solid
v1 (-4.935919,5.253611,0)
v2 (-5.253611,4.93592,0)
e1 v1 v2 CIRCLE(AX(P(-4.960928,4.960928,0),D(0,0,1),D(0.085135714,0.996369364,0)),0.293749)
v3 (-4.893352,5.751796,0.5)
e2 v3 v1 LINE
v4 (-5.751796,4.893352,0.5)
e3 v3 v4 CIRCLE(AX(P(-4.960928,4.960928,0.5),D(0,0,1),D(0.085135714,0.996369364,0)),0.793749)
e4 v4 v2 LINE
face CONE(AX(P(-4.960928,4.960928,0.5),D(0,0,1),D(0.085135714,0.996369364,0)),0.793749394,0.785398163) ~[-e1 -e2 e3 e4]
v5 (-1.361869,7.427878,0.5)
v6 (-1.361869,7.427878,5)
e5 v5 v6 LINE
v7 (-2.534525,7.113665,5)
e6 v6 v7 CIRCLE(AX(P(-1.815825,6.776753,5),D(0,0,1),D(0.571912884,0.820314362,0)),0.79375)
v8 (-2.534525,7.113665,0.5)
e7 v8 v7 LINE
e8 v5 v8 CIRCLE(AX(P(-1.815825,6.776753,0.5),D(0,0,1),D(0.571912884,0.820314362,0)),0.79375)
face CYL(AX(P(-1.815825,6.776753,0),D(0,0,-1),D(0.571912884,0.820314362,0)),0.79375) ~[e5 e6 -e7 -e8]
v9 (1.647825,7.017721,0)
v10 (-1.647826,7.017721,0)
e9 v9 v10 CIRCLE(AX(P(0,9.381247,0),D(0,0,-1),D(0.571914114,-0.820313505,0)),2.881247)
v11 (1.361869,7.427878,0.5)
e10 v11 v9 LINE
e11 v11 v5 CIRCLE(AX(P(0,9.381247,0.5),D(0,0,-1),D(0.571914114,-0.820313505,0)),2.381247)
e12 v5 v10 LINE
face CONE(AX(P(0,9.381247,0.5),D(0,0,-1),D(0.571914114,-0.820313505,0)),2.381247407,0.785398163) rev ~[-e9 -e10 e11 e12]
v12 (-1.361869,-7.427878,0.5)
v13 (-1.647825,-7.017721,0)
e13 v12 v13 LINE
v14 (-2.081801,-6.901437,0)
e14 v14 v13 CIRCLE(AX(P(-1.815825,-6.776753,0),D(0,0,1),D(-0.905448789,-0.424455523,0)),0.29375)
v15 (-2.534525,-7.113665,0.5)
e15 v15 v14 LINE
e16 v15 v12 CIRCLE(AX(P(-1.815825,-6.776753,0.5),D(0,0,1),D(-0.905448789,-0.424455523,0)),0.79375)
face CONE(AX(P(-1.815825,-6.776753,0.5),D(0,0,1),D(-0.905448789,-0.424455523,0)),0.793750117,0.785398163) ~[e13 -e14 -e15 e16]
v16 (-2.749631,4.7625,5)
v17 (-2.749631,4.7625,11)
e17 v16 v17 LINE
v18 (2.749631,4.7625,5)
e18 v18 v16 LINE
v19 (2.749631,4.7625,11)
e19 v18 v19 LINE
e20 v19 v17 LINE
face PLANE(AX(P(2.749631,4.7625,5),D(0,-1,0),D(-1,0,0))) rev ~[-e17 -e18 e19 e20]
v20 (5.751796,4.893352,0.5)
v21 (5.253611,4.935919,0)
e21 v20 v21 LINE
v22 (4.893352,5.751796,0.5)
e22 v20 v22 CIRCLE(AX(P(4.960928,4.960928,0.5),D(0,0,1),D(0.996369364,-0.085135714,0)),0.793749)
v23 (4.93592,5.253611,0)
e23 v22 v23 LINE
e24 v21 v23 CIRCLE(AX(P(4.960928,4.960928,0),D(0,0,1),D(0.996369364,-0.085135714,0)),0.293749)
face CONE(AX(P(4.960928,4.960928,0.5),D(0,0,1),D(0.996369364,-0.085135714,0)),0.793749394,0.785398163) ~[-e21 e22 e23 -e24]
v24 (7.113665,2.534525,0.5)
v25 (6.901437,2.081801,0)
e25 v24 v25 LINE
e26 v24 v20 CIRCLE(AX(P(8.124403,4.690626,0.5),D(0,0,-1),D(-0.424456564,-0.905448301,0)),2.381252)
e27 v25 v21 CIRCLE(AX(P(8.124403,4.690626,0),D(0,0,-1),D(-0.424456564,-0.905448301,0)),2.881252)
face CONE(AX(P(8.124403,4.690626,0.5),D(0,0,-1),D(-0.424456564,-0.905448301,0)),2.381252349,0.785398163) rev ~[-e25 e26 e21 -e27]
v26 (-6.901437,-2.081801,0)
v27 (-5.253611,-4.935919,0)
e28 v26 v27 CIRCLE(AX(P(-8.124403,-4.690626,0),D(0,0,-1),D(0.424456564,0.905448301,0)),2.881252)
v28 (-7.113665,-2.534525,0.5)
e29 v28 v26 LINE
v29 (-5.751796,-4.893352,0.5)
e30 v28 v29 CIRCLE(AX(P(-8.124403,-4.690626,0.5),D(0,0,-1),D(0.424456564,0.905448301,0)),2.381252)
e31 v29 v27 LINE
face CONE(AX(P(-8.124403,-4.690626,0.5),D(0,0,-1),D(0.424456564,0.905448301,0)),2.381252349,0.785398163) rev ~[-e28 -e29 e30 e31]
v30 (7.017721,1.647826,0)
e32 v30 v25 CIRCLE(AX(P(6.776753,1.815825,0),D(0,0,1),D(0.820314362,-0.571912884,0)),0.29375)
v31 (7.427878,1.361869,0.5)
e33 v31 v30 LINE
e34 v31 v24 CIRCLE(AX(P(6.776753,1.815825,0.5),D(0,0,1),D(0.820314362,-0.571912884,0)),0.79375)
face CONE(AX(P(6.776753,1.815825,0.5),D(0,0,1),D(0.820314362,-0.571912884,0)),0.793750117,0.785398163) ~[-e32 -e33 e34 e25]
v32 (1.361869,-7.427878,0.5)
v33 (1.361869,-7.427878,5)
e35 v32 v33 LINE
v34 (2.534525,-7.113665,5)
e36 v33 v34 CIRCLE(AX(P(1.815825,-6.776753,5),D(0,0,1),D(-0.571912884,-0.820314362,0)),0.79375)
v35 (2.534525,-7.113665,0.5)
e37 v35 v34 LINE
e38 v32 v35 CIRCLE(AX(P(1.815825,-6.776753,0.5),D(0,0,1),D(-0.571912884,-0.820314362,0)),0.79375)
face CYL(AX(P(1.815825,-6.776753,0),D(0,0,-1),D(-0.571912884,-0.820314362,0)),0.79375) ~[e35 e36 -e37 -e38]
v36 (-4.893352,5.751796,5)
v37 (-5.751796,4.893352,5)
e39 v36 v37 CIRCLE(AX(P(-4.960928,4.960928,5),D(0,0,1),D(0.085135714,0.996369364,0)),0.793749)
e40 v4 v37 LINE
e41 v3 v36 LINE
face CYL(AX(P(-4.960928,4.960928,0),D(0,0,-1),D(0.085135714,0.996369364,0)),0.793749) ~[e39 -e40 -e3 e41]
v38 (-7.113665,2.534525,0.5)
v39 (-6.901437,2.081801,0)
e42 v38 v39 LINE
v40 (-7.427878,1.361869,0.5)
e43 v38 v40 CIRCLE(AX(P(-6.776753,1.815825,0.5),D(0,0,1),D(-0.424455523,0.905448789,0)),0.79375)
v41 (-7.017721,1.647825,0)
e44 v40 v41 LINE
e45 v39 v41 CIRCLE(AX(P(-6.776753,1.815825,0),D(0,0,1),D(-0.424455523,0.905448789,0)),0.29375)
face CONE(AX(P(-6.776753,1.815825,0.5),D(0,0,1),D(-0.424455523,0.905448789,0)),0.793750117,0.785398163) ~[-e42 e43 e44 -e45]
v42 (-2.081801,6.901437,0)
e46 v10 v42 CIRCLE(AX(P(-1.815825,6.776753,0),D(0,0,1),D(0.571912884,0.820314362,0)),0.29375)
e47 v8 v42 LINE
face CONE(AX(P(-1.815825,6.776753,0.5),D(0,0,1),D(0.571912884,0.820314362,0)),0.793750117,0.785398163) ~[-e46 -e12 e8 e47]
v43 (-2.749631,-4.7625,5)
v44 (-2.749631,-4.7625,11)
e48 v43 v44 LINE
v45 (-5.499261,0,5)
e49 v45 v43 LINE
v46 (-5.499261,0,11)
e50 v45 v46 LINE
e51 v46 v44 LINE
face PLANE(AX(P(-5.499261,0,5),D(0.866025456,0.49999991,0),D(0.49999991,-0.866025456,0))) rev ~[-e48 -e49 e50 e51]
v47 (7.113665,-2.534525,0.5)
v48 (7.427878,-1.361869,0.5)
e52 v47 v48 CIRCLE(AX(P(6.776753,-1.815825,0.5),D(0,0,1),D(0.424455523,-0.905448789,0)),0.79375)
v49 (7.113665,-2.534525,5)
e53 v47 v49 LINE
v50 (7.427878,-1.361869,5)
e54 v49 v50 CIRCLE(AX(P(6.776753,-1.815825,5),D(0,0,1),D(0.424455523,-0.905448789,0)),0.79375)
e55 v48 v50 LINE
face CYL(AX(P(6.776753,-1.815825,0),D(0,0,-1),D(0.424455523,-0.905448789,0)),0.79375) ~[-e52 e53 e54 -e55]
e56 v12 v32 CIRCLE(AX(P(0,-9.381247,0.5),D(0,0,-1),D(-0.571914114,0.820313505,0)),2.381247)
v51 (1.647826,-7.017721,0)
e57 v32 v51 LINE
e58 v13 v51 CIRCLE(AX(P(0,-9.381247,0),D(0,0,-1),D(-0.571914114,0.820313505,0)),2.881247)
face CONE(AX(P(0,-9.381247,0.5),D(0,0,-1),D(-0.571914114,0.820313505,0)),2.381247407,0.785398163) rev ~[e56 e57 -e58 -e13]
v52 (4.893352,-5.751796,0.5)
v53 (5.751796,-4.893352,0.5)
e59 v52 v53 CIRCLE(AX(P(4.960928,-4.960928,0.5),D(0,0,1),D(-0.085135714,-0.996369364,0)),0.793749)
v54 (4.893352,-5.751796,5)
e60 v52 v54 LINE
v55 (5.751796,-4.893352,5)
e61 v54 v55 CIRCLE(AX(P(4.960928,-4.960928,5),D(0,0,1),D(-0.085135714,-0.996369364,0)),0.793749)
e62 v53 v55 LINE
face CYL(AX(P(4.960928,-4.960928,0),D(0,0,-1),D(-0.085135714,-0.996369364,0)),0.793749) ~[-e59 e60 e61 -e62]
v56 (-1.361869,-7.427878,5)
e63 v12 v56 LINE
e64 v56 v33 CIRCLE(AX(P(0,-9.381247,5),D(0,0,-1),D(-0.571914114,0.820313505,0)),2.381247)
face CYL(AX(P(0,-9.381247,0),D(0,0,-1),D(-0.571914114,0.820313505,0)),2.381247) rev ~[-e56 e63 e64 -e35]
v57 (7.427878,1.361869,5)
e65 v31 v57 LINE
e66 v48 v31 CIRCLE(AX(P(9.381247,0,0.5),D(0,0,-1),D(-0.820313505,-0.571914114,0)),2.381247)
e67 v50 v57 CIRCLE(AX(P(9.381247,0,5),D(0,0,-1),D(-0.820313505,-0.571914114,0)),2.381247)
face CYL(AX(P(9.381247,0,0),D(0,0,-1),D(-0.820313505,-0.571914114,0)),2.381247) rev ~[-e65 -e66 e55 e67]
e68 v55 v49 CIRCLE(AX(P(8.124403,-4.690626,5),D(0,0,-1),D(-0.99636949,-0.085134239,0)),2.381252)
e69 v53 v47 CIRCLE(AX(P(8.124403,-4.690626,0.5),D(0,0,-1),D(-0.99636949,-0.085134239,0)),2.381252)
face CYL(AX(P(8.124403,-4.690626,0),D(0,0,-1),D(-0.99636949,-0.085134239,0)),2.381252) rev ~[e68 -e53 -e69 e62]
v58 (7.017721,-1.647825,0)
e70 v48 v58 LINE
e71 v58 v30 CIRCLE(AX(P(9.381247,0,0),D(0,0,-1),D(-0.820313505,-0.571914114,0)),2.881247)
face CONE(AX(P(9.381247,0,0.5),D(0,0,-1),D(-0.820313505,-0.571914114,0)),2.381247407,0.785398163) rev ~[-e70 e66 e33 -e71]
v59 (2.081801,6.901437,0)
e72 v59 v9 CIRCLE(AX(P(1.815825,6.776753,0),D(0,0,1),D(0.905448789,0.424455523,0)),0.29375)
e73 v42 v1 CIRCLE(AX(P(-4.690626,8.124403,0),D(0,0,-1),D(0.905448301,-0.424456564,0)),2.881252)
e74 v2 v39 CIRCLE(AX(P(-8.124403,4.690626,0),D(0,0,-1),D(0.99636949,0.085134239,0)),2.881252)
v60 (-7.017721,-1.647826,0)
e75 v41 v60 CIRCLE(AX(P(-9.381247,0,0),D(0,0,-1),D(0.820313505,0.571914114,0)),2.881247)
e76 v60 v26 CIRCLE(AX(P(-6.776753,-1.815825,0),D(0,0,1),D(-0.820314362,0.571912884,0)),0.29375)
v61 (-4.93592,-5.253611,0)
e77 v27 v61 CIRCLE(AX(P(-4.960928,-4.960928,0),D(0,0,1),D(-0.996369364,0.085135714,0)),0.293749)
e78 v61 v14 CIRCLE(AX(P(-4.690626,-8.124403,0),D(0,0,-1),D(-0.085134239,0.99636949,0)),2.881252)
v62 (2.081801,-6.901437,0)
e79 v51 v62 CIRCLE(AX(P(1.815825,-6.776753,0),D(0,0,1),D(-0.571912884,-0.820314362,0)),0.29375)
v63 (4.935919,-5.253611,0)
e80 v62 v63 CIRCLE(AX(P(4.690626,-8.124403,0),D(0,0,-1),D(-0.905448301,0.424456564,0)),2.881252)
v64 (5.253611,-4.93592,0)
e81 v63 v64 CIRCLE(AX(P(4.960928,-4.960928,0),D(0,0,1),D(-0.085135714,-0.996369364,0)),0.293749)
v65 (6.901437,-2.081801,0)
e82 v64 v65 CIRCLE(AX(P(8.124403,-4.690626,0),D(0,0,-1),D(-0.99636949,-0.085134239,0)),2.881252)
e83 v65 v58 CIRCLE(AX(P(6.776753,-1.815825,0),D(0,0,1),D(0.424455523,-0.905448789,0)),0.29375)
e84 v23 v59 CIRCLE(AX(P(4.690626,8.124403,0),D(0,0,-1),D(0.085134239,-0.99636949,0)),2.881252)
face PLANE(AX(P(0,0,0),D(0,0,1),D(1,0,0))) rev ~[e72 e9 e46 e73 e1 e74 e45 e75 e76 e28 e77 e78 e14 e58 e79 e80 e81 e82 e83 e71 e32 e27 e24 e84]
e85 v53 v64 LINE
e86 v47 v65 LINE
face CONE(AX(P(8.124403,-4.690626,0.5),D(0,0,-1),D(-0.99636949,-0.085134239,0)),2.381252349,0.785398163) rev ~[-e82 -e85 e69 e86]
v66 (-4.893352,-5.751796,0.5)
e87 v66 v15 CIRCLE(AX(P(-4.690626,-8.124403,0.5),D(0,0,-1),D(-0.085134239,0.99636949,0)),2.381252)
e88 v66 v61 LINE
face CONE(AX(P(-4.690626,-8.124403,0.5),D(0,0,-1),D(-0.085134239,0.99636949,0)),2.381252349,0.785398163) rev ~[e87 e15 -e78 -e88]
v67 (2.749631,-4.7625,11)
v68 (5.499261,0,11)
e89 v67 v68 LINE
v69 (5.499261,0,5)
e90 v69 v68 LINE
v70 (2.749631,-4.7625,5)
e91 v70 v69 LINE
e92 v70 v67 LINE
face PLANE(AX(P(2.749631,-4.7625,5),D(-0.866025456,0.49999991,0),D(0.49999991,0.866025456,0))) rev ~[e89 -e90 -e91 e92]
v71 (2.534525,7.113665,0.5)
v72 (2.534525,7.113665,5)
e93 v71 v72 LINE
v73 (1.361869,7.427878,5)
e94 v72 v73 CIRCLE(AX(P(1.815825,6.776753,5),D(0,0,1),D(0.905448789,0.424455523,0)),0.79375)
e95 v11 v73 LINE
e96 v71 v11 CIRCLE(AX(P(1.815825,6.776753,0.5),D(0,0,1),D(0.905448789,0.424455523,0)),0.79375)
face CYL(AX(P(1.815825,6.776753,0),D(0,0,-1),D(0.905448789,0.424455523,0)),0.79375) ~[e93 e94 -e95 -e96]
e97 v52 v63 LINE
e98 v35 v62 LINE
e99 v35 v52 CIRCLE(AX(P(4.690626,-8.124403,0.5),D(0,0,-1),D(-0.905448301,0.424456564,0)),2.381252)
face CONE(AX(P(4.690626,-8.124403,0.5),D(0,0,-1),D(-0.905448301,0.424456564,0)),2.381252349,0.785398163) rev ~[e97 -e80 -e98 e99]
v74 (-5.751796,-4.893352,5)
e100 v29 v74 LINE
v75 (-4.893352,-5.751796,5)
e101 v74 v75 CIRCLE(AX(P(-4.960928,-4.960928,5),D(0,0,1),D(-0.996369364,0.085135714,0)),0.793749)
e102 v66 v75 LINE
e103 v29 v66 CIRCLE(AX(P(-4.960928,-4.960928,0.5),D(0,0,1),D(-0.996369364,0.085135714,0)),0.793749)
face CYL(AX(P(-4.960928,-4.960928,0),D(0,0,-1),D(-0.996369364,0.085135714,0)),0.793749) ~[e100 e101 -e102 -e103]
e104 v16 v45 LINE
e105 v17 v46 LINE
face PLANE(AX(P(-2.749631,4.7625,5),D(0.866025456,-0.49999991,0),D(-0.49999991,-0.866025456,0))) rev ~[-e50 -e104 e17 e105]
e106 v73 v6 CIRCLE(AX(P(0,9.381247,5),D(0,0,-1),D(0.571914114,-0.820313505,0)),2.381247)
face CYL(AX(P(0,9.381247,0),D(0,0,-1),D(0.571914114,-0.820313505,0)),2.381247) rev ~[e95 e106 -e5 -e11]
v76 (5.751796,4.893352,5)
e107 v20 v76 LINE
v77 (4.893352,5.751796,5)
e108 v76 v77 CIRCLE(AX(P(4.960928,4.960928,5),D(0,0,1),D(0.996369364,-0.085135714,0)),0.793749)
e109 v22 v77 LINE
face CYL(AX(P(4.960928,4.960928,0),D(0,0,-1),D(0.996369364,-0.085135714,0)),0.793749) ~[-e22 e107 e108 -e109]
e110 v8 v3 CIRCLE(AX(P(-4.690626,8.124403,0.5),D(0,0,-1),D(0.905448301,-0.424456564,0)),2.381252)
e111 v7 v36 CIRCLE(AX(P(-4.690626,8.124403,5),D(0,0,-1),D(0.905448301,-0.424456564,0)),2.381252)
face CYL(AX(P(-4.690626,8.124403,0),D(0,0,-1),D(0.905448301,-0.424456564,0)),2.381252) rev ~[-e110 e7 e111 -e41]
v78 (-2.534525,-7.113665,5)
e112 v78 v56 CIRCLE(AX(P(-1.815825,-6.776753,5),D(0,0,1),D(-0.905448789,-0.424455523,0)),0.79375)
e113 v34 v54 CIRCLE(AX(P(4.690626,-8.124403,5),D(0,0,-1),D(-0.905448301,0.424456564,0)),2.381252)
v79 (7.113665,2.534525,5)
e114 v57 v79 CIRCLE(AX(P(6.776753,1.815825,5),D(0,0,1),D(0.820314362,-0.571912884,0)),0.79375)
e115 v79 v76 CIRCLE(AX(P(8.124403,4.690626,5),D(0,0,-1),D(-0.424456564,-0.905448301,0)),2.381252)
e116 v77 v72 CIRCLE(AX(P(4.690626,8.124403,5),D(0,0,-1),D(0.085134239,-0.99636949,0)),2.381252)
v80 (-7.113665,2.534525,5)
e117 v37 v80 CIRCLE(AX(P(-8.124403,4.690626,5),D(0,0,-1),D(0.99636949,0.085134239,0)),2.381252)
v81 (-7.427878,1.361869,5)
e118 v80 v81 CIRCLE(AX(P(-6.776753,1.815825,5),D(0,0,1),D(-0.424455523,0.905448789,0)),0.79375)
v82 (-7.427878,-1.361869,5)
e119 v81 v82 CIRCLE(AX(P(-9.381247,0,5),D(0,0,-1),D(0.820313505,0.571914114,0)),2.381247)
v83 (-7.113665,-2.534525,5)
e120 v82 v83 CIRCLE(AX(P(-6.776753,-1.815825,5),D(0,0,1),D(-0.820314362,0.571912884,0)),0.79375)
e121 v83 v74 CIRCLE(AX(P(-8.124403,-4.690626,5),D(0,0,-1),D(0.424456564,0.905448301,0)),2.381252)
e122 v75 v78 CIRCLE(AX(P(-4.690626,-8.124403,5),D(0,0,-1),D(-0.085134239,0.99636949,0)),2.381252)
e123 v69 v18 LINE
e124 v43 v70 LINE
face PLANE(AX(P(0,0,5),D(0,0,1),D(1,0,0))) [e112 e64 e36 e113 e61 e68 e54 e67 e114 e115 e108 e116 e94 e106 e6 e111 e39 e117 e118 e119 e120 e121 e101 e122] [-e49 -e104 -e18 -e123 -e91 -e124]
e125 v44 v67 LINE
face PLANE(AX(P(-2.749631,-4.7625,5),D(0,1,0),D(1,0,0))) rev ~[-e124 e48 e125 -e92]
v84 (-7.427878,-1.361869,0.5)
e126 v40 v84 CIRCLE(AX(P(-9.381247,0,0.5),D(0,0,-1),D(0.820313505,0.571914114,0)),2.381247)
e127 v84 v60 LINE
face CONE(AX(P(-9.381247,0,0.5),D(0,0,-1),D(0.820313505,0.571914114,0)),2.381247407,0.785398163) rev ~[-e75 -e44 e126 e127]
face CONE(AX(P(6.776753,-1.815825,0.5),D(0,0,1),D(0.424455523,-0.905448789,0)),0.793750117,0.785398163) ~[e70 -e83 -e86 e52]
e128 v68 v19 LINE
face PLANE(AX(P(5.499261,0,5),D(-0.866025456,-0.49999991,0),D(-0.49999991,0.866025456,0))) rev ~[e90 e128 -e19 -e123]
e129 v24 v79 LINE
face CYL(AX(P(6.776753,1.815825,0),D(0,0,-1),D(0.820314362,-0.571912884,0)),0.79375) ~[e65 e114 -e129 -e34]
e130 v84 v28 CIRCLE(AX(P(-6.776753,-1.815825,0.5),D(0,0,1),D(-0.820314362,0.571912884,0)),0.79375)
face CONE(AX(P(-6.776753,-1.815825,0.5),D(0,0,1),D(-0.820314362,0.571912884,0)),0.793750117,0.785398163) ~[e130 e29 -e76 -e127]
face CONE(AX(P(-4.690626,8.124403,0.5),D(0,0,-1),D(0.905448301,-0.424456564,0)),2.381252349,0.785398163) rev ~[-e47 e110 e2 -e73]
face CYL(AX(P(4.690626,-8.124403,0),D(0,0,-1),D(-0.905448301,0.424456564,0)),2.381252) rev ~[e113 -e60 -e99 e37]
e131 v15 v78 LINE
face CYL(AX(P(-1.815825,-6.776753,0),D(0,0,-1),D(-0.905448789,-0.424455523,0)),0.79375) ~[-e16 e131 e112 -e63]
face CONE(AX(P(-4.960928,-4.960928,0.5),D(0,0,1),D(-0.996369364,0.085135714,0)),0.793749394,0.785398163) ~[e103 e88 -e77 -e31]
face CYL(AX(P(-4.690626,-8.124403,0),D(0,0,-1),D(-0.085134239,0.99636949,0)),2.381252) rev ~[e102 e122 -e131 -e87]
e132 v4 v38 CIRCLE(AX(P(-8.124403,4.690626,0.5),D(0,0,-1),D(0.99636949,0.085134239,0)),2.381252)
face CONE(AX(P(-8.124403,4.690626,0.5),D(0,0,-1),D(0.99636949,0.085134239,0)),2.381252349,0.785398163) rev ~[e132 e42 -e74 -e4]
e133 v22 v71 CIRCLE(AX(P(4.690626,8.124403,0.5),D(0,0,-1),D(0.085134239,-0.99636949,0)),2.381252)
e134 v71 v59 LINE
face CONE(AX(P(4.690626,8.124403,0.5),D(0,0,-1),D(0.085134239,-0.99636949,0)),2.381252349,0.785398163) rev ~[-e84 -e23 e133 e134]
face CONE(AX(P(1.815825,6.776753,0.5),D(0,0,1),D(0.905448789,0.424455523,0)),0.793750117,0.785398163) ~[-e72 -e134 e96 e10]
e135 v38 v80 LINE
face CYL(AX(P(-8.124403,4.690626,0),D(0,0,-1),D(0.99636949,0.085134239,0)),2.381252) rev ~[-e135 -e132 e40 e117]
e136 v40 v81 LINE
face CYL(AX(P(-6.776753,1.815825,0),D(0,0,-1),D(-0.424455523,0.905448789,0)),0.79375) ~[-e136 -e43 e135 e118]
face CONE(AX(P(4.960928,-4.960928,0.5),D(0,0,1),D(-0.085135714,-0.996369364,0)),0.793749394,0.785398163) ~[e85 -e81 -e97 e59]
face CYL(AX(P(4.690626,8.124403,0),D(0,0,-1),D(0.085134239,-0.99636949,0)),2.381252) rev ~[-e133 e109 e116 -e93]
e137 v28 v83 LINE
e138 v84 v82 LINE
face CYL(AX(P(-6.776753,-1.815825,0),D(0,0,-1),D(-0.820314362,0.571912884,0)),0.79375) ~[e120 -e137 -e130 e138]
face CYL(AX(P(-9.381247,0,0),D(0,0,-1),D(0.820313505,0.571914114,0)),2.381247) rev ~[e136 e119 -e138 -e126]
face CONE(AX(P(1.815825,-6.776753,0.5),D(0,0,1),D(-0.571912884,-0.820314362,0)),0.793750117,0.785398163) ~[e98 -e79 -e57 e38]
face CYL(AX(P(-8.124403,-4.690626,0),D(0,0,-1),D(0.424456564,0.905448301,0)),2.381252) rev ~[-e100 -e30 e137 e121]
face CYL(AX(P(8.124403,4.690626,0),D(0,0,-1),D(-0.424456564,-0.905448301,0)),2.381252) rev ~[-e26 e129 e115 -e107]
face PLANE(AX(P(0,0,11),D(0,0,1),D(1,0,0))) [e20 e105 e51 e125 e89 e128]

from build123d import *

# Parameters (mm, degrees)
F1_DEPTH = 5
F3_DEPTH = 6
F4_SIZE  = 0.5


with BuildPart() as f1:
    # F0 (on Top) → F1 (new body)
    with BuildSketch(Plane.XY):
        with BuildLine():
            ThreePointArc((1.361869, 7.427878), (0, 7), (-1.361869, 7.427878))
            ThreePointArc((-1.361869, 7.427878), (-2.021263, 7.543457), (-2.534525, 7.113665))
            ThreePointArc((-2.534525, 7.113665), (-3.5, 6.062178), (-4.893352, 5.751796))
            ThreePointArc((-4.893352, 5.751796), (-5.522194, 5.522194), (-5.751796, 4.893352))
            ThreePointArc((-5.751796, 4.893352), (-6.062178, 3.5), (-7.113665, 2.534525))
            ThreePointArc((-7.113665, 2.534525), (-7.543457, 2.021263), (-7.427878, 1.361869))
            ThreePointArc((-7.427878, 1.361869), (-7, 0), (-7.427878, -1.361869))
            ThreePointArc((-7.427878, -1.361869), (-7.543457, -2.021263), (-7.113665, -2.534525))
            ThreePointArc((-7.113665, -2.534525), (-6.062178, -3.5), (-5.751796, -4.893352))
            ThreePointArc((-5.751796, -4.893352), (-5.522194, -5.522194), (-4.893352, -5.751796))
            ThreePointArc((-4.893352, -5.751796), (-3.5, -6.062178), (-2.534525, -7.113665))
            ThreePointArc((-2.534525, -7.113665), (-2.021263, -7.543457), (-1.361869, -7.427878))
            ThreePointArc((-1.361869, -7.427878), (0, -7), (1.361869, -7.427878))
            ThreePointArc((1.361869, -7.427878), (2.021263, -7.543457), (2.534525, -7.113665))
            ThreePointArc((2.534525, -7.113665), (3.5, -6.062178), (4.893352, -5.751796))
            ThreePointArc((4.893352, -5.751796), (5.522194, -5.522194), (5.751796, -4.893352))
            ThreePointArc((5.751796, -4.893352), (6.062178, -3.5), (7.113665, -2.534525))
            ThreePointArc((7.113665, -2.534525), (7.543457, -2.021263), (7.427878, -1.361869))
            ThreePointArc((7.427878, -1.361869), (7, 0), (7.427878, 1.361869))
            ThreePointArc((7.427878, 1.361869), (7.543457, 2.021263), (7.113665, 2.534525))
            ThreePointArc((7.113665, 2.534525), (6.062178, 3.5), (5.751796, 4.893352))
            ThreePointArc((5.751796, 4.893352), (5.522194, 5.522194), (4.893352, 5.751796))
            ThreePointArc((4.893352, 5.751796), (3.5, 6.062178), (2.534525, 7.113665))
            ThreePointArc((2.534525, 7.113665), (2.021263, 7.543457), (1.361869, 7.427878))
        make_face()
    extrude(amount=F1_DEPTH)

    # F2 (on face) → F3 (join)
    with BuildSketch(Plane.XY.offset(5)):
        Polygon((-2.749631, -4.7625), (2.749631, -4.7625), (5.499261, 0), (2.749631, 4.7625), (-2.749631, 4.7625), (-5.499261, 0), align=None)
    extrude(amount=F3_DEPTH)

    # F4
    f4_edges = [f1.edges().sort_by_distance(p)[0] for p in [
        (2.021263, 7.543457, 0),
        (0, 7, 0),
        (-2.021263, 7.543457, 0),
        (-3.5, 6.062178, 0),
        (-5.522194, 5.522194, 0),
        (-6.062178, 3.5, 0),
        (-7.543457, 2.021263, 0),
        (-7, 0, 0),
        (-7.543457, -2.021263, 0),
        (-6.062178, -3.5, 0),
        (-5.522194, -5.522194, 0),
        (-3.5, -6.062178, 0),
        (-2.021263, -7.543457, 0),
        (0, -7, 0),
        (2.021263, -7.543457, 0),
        (3.5, -6.062178, 0),
        (5.522194, -5.522194, 0),
        (6.062178, -3.5, 0),
        (7.543457, -2.021263, 0),
        (7, 0, 0),
        (7.543457, 2.021263, 0),
        (6.062178, 3.5, 0),
        (5.522194, 5.522194, 0),
        (3.5, 6.062178, 0),
    ]]
    chamfer(f4_edges, length=F4_SIZE)


solid = f1.part
